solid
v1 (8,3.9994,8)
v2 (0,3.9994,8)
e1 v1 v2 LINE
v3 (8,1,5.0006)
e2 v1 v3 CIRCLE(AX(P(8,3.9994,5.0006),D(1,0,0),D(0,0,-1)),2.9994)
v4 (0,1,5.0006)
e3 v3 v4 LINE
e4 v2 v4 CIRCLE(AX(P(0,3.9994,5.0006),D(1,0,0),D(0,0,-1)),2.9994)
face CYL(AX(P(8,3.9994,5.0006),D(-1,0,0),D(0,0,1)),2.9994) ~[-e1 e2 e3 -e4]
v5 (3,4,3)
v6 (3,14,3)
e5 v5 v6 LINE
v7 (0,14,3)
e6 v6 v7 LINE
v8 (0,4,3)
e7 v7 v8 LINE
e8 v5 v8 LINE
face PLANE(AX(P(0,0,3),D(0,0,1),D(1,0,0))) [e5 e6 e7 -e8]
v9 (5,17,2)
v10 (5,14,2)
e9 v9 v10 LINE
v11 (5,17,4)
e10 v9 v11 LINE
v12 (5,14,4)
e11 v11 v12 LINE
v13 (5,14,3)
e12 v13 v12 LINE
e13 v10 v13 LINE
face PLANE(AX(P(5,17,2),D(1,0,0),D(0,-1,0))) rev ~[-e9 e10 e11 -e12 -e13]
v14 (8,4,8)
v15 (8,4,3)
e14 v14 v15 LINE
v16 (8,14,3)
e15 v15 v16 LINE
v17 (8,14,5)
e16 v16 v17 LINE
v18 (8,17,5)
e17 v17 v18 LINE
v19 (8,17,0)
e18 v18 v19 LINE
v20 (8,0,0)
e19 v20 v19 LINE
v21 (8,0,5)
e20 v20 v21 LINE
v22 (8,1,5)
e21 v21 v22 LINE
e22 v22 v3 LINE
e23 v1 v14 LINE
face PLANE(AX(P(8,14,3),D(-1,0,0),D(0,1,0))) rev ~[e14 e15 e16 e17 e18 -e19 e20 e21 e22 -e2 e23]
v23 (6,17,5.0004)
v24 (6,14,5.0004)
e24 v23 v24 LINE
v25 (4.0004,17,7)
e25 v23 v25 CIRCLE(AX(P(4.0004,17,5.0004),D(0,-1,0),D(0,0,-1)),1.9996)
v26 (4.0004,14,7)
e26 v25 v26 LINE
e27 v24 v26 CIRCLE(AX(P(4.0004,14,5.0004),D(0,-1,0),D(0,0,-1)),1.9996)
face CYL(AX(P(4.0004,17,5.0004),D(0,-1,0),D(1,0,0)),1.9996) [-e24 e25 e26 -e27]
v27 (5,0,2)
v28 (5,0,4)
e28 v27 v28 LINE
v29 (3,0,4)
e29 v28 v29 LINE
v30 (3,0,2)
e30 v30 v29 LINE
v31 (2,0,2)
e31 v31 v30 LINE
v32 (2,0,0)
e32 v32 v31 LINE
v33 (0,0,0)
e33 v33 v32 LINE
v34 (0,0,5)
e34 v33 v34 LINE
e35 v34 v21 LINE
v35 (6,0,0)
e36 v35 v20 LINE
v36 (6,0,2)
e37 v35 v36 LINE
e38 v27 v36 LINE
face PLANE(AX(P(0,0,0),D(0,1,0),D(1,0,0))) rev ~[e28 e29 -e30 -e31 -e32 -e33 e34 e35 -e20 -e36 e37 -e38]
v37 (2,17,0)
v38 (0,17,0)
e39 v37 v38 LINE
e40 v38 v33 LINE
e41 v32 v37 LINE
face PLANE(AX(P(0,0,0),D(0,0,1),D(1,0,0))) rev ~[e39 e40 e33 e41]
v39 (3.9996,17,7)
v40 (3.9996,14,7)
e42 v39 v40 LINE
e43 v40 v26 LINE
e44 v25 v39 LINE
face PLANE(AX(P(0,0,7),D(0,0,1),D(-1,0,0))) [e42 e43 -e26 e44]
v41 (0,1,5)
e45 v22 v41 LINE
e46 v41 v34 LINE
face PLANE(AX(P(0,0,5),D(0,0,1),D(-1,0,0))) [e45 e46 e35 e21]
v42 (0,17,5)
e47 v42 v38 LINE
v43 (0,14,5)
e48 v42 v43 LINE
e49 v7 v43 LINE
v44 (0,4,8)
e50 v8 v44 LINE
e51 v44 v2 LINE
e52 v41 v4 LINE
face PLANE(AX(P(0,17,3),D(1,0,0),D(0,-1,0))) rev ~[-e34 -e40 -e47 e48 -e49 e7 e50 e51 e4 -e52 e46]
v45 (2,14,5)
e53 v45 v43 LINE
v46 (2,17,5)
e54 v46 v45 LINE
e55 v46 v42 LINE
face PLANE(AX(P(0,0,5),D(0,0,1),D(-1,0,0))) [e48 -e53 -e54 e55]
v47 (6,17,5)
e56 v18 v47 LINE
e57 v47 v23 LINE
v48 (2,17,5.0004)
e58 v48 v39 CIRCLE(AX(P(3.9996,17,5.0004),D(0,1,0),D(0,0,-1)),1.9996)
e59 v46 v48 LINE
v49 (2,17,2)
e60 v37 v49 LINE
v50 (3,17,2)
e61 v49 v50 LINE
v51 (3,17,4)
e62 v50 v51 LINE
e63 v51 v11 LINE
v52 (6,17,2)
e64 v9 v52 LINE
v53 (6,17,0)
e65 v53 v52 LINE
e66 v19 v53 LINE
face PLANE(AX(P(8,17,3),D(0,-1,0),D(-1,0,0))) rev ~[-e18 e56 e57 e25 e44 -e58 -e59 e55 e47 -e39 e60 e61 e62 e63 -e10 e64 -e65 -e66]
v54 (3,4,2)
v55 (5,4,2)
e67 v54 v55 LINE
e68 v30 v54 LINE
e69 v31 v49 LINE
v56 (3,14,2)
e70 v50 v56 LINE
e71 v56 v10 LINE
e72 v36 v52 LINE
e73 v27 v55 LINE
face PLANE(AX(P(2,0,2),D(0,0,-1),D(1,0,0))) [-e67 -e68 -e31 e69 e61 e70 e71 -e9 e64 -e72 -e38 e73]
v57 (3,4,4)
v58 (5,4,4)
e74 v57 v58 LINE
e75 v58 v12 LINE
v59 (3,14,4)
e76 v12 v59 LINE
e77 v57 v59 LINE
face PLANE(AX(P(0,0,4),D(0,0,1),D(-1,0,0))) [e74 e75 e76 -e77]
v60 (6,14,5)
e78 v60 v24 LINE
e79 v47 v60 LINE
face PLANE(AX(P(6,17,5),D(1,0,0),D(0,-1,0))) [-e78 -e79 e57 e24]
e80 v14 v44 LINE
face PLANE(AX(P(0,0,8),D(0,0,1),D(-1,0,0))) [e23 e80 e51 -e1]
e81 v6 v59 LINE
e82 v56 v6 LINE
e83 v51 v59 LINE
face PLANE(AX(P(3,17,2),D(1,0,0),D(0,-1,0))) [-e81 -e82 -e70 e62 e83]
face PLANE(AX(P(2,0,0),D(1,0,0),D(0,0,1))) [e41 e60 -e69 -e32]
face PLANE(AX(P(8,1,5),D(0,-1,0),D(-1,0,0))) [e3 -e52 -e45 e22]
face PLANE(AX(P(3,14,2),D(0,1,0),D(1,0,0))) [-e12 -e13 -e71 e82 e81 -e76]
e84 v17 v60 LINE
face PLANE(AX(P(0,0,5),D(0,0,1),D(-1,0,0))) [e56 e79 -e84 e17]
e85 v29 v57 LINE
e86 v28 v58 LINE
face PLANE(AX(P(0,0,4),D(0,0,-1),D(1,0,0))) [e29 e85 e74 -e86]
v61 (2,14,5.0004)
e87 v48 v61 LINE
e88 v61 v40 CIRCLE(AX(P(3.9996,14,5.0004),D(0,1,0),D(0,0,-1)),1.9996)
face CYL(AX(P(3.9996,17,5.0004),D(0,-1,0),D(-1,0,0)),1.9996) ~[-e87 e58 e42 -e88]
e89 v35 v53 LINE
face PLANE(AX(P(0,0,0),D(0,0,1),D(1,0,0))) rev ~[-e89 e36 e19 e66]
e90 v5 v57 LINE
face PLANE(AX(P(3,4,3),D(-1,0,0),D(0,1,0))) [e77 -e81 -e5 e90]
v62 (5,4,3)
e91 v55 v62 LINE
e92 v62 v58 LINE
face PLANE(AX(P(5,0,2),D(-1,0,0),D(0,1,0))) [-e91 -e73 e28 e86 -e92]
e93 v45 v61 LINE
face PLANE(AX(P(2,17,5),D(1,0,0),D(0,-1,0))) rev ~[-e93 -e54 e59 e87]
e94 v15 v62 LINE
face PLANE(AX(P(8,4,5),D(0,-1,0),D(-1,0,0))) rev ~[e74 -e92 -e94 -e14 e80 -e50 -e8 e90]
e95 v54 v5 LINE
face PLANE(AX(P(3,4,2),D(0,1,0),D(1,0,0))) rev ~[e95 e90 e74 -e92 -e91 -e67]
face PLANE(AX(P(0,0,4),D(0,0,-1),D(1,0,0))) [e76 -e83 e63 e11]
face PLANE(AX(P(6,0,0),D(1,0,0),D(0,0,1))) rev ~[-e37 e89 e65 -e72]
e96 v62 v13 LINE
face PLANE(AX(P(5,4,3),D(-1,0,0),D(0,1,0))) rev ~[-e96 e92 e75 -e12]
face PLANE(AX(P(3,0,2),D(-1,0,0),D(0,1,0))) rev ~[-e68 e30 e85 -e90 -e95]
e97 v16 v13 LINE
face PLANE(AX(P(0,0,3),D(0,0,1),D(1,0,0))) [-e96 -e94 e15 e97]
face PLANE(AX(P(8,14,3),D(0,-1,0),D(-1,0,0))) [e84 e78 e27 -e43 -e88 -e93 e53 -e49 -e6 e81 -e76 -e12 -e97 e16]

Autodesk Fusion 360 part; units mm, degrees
sketch "Sketch1" plane through (0, 0, 0) normal (0, 0, 1) x (1, 0, 0)
  line L0 (0, 0) -> (8, 0)
  line L1 (8, 0) -> (8, 17)
  line L2 (8, 17) -> (0, 17)
  line L3 (0, 17) -> (0, 0)
  dimension "d1" = 8
  dimension "d2" = 17
extrude "Extrude1" add sketch "Sketch1" along normal blind 3
sketch "Sketch2" plane through (0, 0, 3) normal (0, 0, 1) x (-1, 0, 0)
  line L0 (0, -17) -> (0, 0)
  line L1 (0, 0) -> (-8, 0)
  line L2 (-8, 0) -> (-8, -17)
  line L3 (-8, -17) -> (0, -17)
  line L4 (0, 0) -> (-8, 0)
  line L5 (-8, 0) -> (-8, -4)
  line L6 (-8, -4) -> (0, -4)
  line L7 (0, -4) -> (0, 0)
  dimension "d5" = 8
  dimension "d6" = 4
extrude "Extrude2" add sketch "Sketch2" along normal blind 2 contours L0 L1 L2 L4 L5 L6 L7
sketch "Sketch3" plane through (0, 0, 5) normal (0, 0, 1) x (-1, 0, 0)
  line L0 (0, -4) -> (0, 0)
  line L1 (0, 0) -> (-8, 0)
  line L2 (-8, 0) -> (-8, -4)
  line L3 (-8, -4) -> (0, -4)
  line L4 (0, 0) -> (-8, 0)
  line L5 (-8, 0) -> (-8, -1)
  line L6 (-8, -1) -> (0, -1)
  line L7 (0, -1) -> (0, 0)
  dimension "d9" = 8
extrude "Extrude3" add sketch "Sketch3" along normal blind 3 contours L0 L2 L3 L6
fillet "Fillet1" radius 3 1 edges at (4, 1, 8)
sketch "Sketch4" plane through (0, 0, 3) normal (0, 0, 1) x (-1, 0, 0)
  line L0 (0, -4) -> (-8, -4)
  line L1 (-8, -4) -> (-8, -17)
  line L2 (-8, -17) -> (0, -17)
  line L3 (0, -17) -> (0, -4)
  line L4 (0, -17) -> (-8, -17)
  line L5 (-8, -17) -> (-8, -14)
  line L6 (-8, -14) -> (0, -14)
  line L7 (0, -14) -> (0, -17)
  dimension "d14" = 3
extrude "Extrude4" add sketch "Sketch4" along normal blind 2 contours L1 L2 L3 L4 L5 L6 L7
sketch "Sketch5" plane through (0, 0, 5) normal (0, 0, 1) x (-1, 0, 0)
  line L0 (0, -14) -> (-8, -14)
  line L1 (-8, -14) -> (-8, -17)
  line L2 (-8, -17) -> (0, -17)
  line L3 (0, -17) -> (0, -14)
  line L4 (-8, -17) -> (-6, -17)
  line L5 (-6, -17) -> (-6, -14)
  line L6 (-6, -14) -> (-8, -14)
  line L7 (-8, -14) -> (-8, -17)
  line L8 (0, -17) -> (-2, -17)
  line L9 (-2, -17) -> (-2, -14)
  line L10 (-2, -14) -> (0, -14)
  line L11 (0, -14) -> (0, -17)
  dimension "d17" = 2
  dimension "d18" = 2
extrude "Extrude5" add sketch "Sketch5" along normal blind 2 contours L0 L2 L5 L9
fillet "Fillet2" radius 2 2 edges at (2, 15.5, 7) (6, 15.5, 7)
sketch "Sketch6" plane through (0, 0, 0) normal (0, -1, 0) x (1, 0, 0)
  line L0 (0, 0) -> (8, 0)
  line L1 (8, 0) -> (8, 5)
  line L2 (8, 5) -> (0, 5)
  line L3 (0, 5) -> (0, 0)
  line L4 (0, 0) -> (2, 0)
  line L5 (2, 0) -> (2, 2)
  line L6 (2, 2) -> (0, 2)
  line L7 (0, 2) -> (0, 0)
  line L8 (8, 0) -> (6, 0)
  line L9 (6, 0) -> (6, 2)
  line L10 (6, 2) -> (8, 2)
  line L11 (8, 2) -> (8, 0)
  line L12 (2, 2) -> (6, 2)
  line L13 (6, 2) -> (6, 0)
  line L14 (6, 0) -> (2, 0)
  line L15 (2, 0) -> (2, 2)
  dimension "d23" = 2
  dimension "d24" = 2
  dimension "d25" = 2
extrude "Extrude6" cut sketch "Sketch6" against normal blind 23 contours L0 L5 L9 L12 L13 L14 L15
sketch "Sketch7" plane through (0, 0, 3) normal (0, 0, 1) x (-1, 0, 0)
  line L0 (-8, -14) -> (0, -14)
  line L1 (0, -14) -> (0, -4)
  line L2 (0, -4) -> (-8, -4)
  line L3 (-8, -4) -> (-8, -14)
  line L4 (0, -4) -> (-3, -4)
  line L5 (-3, -4) -> (-3, -14)
  line L6 (-3, -14) -> (0, -14)
  line L7 (0, -14) -> (0, -4)
  line L8 (-8, -4) -> (-5, -4)
  line L9 (-5, -4) -> (-5, -14)
  line L10 (-5, -14) -> (-8, -14)
  line L11 (-8, -14) -> (-8, -4)
  dimension "d28" = 3
  dimension "d29" = 3
extrude "Extrude7" add sketch "Sketch7" along normal blind 1 contours L0 L2 L5 L9
sketch "Sketch8" plane through (0, 0, 2) normal (0, 0, -1) x (1, 0, 0)
  line L0 (2, -17) -> (6, -17)
  line L1 (6, -17) -> (6, 0)
  line L2 (6, 0) -> (2, 0)
  line L3 (2, 0) -> (2, -17)
  line L4 (6, 0) -> (2, 0)
  line L5 (2, 0) -> (2, -4)
  line L6 (2, -4) -> (6, -4)
  line L7 (6, -4) -> (6, 0)
  line L8 (6, 0) -> (5, 0)
  line L9 (5, 0) -> (5, -4)
  line L10 (5, -4) -> (6, -4)
  line L11 (6, -4) -> (6, 0)
  line L12 (2, 0) -> (3, 0)
  line L13 (3, 0) -> (3, -4)
  line L14 (3, -4) -> (2, -4)
  line L15 (2, -4) -> (2, 0)
  line L16 (6, -17) -> (2, -17)
  line L17 (2, -17) -> (2, -14)
  line L18 (2, -14) -> (6, -14)
  line L19 (6, -14) -> (6, -17)
  line L20 (6, -17) -> (5, -17)
  line L21 (5, -17) -> (5, -14)
  line L22 (5, -14) -> (6, -14)
  line L23 (6, -14) -> (6, -17)
  line L24 (2, -17) -> (3, -17)
  line L25 (3, -17) -> (3, -14)
  line L26 (3, -14) -> (2, -14)
  line L27 (2, -14) -> (2, -17)
  dimension "d32" = 4
  dimension "d33" = 1
  dimension "d34" = 1
  dimension "d35" = 3
  dimension "d36" = 1
  dimension "d37" = 1
extrude "Extrude8" cut sketch "Sketch8" against normal blind 2 contours L0 L16 L18 L21 L25 | L2 L4 L6 L9 L13
